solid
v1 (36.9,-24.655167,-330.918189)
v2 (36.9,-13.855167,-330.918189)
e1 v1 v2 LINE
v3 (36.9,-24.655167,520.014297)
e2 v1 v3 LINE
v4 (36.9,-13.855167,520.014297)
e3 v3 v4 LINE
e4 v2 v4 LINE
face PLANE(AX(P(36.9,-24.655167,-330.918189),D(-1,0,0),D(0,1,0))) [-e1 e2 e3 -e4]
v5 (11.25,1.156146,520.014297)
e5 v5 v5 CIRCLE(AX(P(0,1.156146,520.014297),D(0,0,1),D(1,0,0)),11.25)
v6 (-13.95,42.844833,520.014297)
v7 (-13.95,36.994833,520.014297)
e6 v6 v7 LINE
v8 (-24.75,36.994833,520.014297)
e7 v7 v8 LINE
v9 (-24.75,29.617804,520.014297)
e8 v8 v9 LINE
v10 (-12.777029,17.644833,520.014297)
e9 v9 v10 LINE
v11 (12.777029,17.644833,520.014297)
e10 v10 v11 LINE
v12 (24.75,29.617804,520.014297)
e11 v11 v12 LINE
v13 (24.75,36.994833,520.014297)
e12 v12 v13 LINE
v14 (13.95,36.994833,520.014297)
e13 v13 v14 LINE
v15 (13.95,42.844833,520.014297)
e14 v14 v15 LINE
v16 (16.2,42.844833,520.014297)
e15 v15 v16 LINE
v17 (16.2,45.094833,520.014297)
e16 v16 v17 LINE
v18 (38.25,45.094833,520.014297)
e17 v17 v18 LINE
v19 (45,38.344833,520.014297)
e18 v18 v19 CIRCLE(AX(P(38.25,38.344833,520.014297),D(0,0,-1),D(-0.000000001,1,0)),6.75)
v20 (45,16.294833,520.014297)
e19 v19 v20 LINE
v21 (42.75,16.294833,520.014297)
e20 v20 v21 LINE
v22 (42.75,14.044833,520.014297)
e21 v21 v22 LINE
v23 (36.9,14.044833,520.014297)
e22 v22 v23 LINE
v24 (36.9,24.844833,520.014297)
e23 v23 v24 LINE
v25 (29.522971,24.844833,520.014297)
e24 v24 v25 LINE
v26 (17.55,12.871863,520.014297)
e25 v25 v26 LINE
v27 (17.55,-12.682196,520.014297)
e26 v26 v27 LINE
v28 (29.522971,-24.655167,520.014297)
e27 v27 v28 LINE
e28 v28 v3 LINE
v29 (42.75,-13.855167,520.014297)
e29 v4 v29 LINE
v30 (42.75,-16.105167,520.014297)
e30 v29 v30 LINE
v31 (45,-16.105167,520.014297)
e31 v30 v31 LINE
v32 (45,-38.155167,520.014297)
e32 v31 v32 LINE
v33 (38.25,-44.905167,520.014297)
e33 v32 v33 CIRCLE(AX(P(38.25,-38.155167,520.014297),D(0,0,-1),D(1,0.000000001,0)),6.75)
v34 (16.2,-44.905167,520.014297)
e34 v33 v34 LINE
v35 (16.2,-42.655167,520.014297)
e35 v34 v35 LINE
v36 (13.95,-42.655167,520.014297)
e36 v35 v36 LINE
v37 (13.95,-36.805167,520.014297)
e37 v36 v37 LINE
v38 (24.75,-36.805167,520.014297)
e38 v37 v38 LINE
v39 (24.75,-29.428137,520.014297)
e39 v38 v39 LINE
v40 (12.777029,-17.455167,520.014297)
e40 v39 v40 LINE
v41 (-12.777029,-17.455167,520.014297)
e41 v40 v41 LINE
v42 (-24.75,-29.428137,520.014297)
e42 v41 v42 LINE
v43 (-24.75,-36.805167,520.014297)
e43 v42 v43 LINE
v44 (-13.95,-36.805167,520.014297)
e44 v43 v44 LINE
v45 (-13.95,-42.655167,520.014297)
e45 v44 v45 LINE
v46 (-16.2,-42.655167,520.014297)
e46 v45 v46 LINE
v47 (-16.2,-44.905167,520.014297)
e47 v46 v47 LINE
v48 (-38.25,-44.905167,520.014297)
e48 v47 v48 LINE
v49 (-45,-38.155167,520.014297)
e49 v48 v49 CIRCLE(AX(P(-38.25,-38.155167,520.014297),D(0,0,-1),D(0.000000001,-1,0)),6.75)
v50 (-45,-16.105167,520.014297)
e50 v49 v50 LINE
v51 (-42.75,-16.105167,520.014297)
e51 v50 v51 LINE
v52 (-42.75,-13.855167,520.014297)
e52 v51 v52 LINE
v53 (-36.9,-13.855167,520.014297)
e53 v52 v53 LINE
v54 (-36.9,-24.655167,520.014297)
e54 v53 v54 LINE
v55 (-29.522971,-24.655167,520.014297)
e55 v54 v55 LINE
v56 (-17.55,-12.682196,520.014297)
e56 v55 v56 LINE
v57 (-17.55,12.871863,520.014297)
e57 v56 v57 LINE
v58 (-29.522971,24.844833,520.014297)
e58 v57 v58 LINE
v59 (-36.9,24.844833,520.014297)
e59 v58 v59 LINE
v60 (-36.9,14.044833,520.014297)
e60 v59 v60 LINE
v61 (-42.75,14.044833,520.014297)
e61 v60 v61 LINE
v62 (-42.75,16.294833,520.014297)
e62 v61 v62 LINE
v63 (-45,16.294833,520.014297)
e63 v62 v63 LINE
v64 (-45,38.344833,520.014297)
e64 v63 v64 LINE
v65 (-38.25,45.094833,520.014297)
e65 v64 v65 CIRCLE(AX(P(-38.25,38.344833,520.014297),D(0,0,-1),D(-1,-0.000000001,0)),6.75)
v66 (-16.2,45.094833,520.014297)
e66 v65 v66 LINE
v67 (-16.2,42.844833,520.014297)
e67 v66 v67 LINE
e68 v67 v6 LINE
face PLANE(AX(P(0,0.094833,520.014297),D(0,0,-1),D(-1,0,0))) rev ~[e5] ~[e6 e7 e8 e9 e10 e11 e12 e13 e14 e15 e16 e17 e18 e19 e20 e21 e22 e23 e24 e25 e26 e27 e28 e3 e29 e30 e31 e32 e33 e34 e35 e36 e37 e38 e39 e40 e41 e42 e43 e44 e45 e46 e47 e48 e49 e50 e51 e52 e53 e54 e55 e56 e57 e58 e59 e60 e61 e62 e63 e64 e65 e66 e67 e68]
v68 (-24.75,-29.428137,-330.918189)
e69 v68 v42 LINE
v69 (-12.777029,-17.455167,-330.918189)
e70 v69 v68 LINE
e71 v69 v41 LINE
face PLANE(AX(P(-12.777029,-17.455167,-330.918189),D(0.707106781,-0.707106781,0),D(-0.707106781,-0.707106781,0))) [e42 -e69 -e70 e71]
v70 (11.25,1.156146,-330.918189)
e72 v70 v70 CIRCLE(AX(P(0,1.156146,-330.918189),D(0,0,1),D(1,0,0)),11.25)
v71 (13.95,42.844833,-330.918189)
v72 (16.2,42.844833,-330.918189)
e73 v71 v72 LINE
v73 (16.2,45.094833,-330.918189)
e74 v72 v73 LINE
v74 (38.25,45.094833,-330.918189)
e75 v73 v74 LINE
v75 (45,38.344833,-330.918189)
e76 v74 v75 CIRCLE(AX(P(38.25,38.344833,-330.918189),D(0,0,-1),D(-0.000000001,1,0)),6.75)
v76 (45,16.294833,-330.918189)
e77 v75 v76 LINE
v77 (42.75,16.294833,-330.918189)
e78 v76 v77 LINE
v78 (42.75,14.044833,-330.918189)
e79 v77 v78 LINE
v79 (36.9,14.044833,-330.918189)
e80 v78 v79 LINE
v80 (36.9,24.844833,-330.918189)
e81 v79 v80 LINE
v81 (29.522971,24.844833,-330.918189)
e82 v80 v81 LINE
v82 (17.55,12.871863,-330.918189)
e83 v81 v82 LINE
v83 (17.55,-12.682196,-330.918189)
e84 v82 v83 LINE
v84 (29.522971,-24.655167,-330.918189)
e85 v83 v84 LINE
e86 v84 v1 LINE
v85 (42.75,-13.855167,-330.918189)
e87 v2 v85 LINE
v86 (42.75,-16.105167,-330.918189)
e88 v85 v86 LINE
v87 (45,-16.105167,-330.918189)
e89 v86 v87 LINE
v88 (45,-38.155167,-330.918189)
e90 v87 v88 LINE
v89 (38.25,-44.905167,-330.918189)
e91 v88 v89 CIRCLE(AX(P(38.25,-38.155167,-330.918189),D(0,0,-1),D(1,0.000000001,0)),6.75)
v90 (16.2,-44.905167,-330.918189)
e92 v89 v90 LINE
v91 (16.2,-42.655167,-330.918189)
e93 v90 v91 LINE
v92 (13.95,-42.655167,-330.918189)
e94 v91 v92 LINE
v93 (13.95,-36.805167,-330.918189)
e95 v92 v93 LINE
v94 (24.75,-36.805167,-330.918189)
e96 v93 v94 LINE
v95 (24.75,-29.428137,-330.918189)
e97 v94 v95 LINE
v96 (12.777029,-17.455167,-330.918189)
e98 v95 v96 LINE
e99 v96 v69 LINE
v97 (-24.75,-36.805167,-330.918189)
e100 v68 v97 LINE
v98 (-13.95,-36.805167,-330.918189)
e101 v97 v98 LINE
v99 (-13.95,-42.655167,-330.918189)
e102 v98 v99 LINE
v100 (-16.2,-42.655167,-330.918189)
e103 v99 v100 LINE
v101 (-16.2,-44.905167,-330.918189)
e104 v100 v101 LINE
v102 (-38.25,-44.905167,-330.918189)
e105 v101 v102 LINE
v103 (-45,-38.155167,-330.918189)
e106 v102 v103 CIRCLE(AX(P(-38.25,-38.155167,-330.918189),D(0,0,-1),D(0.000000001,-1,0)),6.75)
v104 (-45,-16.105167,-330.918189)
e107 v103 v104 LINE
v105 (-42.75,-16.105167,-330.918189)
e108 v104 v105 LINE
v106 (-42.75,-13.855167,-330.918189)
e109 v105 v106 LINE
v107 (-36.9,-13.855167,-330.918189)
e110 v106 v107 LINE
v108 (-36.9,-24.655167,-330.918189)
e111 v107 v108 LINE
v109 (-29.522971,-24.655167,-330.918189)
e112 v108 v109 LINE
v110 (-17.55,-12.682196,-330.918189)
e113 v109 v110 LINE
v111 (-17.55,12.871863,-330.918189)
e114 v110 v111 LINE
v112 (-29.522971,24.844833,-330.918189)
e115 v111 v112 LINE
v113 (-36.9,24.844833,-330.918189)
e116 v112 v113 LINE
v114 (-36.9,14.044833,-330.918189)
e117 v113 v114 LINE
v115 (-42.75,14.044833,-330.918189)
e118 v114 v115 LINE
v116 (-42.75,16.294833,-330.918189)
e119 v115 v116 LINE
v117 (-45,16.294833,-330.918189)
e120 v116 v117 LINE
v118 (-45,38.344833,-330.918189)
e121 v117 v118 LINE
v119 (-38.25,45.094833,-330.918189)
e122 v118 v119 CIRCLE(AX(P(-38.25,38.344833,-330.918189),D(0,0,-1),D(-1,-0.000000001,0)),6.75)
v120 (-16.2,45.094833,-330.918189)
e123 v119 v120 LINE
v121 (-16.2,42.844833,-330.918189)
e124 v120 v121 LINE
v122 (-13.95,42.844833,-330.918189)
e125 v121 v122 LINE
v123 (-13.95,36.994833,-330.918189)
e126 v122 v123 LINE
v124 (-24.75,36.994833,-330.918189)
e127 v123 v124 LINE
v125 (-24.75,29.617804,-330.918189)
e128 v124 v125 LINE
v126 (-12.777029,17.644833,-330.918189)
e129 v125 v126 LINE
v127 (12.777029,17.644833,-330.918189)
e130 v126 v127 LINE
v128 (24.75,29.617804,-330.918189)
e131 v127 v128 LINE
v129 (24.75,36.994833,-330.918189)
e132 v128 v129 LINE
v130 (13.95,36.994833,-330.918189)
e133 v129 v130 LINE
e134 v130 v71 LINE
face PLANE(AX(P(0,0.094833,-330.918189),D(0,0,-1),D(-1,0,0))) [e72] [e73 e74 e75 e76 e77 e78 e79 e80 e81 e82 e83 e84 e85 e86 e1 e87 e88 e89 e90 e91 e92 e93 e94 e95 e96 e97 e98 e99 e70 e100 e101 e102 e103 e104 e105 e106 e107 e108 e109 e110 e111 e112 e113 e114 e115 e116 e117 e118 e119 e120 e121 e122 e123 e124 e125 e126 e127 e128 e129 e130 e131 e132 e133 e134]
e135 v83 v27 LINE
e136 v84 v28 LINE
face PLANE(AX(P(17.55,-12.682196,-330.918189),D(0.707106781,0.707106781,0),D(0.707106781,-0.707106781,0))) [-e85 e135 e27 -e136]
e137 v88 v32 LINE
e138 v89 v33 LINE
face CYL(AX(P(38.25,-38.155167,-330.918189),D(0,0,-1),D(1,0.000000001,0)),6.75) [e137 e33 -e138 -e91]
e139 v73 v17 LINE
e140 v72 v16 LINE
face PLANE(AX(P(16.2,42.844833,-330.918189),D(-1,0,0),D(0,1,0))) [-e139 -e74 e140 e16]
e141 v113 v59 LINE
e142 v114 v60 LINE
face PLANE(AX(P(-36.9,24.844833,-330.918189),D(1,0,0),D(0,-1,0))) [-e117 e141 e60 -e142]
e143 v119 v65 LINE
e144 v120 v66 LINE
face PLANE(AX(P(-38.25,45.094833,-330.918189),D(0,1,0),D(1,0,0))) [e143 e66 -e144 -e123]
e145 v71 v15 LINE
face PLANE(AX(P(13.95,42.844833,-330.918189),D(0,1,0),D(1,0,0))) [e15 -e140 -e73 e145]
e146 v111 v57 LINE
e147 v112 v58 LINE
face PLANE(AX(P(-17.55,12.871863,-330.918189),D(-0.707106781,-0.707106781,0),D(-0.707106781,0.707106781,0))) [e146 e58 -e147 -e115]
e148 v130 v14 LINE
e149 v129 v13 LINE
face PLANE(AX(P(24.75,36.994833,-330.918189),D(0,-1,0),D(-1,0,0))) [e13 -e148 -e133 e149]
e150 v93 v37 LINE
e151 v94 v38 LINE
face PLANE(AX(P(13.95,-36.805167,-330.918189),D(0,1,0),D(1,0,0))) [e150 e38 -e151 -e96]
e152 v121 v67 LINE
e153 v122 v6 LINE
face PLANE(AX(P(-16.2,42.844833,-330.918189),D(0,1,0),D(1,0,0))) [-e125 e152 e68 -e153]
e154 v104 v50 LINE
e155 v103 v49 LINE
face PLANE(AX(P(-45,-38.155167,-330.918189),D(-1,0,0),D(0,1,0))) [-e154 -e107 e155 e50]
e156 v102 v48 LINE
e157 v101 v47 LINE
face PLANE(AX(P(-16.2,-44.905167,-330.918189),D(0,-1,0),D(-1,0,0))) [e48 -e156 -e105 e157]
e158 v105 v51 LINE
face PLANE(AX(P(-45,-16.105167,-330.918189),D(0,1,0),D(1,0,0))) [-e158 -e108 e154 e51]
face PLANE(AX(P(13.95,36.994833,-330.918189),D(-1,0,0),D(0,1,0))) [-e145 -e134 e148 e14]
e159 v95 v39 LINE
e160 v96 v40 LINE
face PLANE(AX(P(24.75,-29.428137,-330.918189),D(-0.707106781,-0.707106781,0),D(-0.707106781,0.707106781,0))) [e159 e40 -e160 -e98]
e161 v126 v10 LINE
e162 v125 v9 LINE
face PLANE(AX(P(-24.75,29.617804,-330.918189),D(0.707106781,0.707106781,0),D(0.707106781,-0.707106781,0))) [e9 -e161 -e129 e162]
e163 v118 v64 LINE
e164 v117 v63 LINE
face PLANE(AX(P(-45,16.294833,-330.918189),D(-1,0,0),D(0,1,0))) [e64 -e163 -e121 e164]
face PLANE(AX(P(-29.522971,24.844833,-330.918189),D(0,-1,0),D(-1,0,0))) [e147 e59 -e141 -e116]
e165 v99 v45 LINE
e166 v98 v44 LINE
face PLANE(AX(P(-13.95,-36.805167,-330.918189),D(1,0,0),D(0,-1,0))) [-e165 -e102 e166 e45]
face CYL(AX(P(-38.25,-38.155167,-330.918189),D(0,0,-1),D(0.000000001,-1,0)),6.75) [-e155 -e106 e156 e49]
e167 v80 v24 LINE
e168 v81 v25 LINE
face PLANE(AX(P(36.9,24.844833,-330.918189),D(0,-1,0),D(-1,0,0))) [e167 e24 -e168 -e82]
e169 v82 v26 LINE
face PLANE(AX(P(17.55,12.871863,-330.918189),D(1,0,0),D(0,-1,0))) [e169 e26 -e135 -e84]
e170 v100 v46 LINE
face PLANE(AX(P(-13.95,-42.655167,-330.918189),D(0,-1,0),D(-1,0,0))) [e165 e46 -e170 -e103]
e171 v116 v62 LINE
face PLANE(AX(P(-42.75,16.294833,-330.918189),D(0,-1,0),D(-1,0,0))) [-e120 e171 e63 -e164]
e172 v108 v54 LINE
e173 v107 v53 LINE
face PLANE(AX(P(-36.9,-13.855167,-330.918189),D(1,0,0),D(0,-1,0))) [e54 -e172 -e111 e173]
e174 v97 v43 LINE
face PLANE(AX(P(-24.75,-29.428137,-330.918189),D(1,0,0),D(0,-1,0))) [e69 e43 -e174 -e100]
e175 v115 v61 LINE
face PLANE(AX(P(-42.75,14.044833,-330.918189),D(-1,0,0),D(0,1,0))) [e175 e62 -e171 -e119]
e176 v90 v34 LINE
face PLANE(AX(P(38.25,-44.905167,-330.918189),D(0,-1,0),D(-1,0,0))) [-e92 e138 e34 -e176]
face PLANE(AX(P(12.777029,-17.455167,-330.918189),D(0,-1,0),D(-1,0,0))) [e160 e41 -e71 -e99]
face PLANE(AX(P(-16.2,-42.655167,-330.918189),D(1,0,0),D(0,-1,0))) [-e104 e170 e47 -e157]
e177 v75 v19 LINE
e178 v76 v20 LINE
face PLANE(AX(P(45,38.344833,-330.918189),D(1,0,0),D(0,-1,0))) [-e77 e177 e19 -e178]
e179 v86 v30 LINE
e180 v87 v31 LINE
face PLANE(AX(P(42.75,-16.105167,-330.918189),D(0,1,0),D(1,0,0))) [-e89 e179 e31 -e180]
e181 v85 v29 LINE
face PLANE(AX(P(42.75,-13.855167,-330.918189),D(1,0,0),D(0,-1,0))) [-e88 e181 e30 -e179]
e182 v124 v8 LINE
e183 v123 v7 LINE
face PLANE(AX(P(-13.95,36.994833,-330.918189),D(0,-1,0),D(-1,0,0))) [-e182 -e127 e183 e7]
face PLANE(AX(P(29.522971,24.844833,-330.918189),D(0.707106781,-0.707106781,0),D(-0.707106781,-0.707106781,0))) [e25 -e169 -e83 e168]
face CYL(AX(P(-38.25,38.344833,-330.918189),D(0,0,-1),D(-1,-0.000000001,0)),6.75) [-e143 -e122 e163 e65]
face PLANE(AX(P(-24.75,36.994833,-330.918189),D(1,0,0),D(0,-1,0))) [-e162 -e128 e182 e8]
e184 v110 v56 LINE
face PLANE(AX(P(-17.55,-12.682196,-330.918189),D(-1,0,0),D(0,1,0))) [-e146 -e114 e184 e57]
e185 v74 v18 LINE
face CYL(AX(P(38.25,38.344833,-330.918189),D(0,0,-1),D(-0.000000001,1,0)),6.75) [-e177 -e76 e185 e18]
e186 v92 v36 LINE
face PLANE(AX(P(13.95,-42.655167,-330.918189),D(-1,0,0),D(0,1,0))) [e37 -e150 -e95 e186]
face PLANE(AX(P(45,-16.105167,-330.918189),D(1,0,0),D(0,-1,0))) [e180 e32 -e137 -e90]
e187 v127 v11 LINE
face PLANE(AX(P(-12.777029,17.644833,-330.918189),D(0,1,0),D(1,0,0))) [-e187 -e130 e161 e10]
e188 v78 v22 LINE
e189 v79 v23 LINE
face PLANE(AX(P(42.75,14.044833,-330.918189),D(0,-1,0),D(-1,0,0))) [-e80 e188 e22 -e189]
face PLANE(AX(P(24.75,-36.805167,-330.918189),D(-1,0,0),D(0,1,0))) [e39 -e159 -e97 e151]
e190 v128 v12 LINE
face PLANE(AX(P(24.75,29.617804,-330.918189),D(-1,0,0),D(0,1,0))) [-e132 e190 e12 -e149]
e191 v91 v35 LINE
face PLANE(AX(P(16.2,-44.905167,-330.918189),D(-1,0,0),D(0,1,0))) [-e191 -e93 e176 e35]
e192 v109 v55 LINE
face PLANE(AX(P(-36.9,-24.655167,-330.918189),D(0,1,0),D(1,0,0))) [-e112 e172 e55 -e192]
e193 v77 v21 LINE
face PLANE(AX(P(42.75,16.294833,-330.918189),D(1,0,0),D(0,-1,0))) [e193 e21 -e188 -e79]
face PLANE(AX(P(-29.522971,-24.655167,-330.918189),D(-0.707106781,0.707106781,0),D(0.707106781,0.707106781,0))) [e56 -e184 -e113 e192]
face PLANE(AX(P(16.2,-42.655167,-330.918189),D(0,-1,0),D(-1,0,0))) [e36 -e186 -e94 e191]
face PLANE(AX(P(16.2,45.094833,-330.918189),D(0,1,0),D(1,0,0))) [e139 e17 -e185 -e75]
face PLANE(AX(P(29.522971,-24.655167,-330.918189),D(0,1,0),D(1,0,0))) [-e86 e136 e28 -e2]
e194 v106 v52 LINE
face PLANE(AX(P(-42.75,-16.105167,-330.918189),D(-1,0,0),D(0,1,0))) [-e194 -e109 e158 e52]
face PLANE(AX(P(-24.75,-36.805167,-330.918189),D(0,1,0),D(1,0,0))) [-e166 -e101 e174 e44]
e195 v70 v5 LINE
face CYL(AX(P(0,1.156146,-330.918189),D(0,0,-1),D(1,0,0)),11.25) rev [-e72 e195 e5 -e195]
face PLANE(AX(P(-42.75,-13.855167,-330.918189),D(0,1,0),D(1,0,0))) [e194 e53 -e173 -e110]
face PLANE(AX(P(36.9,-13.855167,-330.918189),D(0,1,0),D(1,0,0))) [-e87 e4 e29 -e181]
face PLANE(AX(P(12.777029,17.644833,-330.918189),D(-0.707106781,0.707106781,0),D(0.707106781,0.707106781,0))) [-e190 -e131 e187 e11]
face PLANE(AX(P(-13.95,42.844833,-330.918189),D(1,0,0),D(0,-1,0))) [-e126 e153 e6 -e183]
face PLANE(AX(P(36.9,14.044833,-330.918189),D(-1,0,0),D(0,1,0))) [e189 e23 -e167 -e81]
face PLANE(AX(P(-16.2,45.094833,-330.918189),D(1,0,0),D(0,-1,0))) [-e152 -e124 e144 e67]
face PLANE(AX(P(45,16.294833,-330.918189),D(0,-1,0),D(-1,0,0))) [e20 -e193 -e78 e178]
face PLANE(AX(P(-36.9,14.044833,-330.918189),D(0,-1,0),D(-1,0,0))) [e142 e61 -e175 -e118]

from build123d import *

# Parameters (mm, degrees)
SKETCH1_R           = 2.5
BOSS_EXTRUDE1_DEPTH = 189.096108091
SCALE_2_SCALE       = 3
SCALE_3_SCALE       = 6
SCALE_5_SCALE       = 2
SCALE_6_SCALE       = 0.25
SCALE_7_SCALE       = 0.125
SCALE_8_SCALE       = 0.25
SCALE_9_SCALE       = 4
SCALE_10_SCALE      = 4


with BuildPart() as part:
    # Sketch1 → Boss-Extrude1 (new body)
    with BuildSketch(Plane.XY):
        with BuildLine():
            Line((2.839339828, 3.9), (5.5, 6.560660172))
            Line((5.5, 6.560660172), (5.5, 8.2))
            Line((5.5, 8.2), (3.1, 8.2))
            Line((3.1, 8.2), (3.1, 9.5))
            Line((3.1, 9.5), (3.6, 9.5))
            Line((3.6, 9.5), (3.6, 10))
            Line((3.6, 10), (8.5, 10))
            ThreePointArc((8.5, 10), (9.560660172, 9.560660172), (10, 8.5))
            Line((10, 8.5), (10, 3.6))
            Line((10, 3.6), (9.5, 3.6))
            Line((9.5, 3.6), (9.5, 3.1))
            Line((9.5, 3.1), (8.2, 3.1))
            Line((8.2, 3.1), (8.2, 5.5))
            Line((8.2, 5.5), (6.560660172, 5.5))
            Line((6.560660172, 5.5), (3.9, 2.839339828))
            Line((3.9, 2.839339828), (3.9, -2.839339828))
            Line((3.9, -2.839339828), (6.560660172, -5.5))
            Line((6.560660172, -5.5), (8.2, -5.5))
            Line((8.2, -5.5), (8.2, -3.1))
            Line((8.2, -3.1), (9.5, -3.1))
            Line((9.5, -3.1), (9.5, -3.6))
            Line((9.5, -3.6), (10, -3.6))
            Line((10, -3.6), (10, -8.5))
            ThreePointArc((10, -8.5), (9.560660172, -9.560660172), (8.5, -10))
            Line((8.5, -10), (3.6, -10))
            Line((3.6, -10), (3.6, -9.5))
            Line((3.6, -9.5), (3.1, -9.5))
            Line((3.1, -9.5), (3.1, -8.2))
            Line((3.1, -8.2), (5.5, -8.2))
            Line((5.5, -8.2), (5.5, -6.560660172))
            Line((5.5, -6.560660172), (2.839339828, -3.9))
            Line((2.839339828, -3.9), (-2.839339828, -3.9))
            Line((-2.839339828, -3.9), (-5.5, -6.560660172))
            Line((-5.5, -6.560660172), (-5.5, -8.2))
            Line((-5.5, -8.2), (-3.1, -8.2))
            Line((-3.1, -8.2), (-3.1, -9.5))
            Line((-3.1, -9.5), (-3.6, -9.5))
            Line((-3.6, -9.5), (-3.6, -10))
            Line((-3.6, -10), (-8.5, -10))
            ThreePointArc((-8.5, -10), (-9.560660172, -9.560660172), (-10, -8.5))
            Line((-10, -8.5), (-10, -3.6))
            Line((-10, -3.6), (-9.5, -3.6))
            Line((-9.5, -3.6), (-9.5, -3.1))
            Line((-9.5, -3.1), (-8.2, -3.1))
            Line((-8.2, -3.1), (-8.2, -5.5))
            Line((-8.2, -5.5), (-6.560660172, -5.5))
            Line((-6.560660172, -5.5), (-3.9, -2.839339828))
            Line((-3.9, -2.839339828), (-3.9, 2.839339828))
            Line((-3.9, 2.839339828), (-6.560660172, 5.5))
            Line((-6.560660172, 5.5), (-8.2, 5.5))
            Line((-8.2, 5.5), (-8.2, 3.1))
            Line((-8.2, 3.1), (-9.5, 3.1))
            Line((-9.5, 3.1), (-9.5, 3.6))
            Line((-9.5, 3.6), (-10, 3.6))
            Line((-10, 3.6), (-10, 8.5))
            ThreePointArc((-10, 8.5), (-9.560660172, 9.560660172), (-8.5, 10))
            Line((-8.5, 10), (-3.6, 10))
            Line((-3.6, 10), (-3.6, 9.5))
            Line((-3.6, 9.5), (-3.1, 9.5))
            Line((-3.1, 9.5), (-3.1, 8.2))
            Line((-3.1, 8.2), (-5.5, 8.2))
            Line((-5.5, 8.2), (-5.5, 6.560660172))
            Line((-5.5, 6.560660172), (-2.839339828, 3.9))
            Line((-2.839339828, 3.9), (2.839339828, 3.9))
        make_face()
        with Locations((0, 0.235847297)):
            Circle(SKETCH1_R, mode=Mode.SUBTRACT)
    extrude(amount=BOSS_EXTRUDE1_DEPTH)


with BuildPart() as part_1:
    # 缩放比例2: scaled about (0, -0.027095247, 94.548054046)
    add(part.part.scale(SCALE_2_SCALE).moved(Location((0, 0.054190494, -189.096108092))))


with BuildPart() as part_2:
    # 缩放比例3: scaled about (0, -0.027095247, 94.548054045)
    add(part_1.part.scale(SCALE_3_SCALE).moved(Location((0, 0.135476235, -472.740270225))))


with BuildPart() as part_3:
    # 缩放比例5: scaled about (0, -0.027095249, 94.548054043)
    add(part_2.part.scale(SCALE_5_SCALE).moved(Location((0, 0.027095249, -94.548054043))))


with BuildPart() as part_4:
    # 缩放比例6: scaled about (0, -0.027095249, 94.548054044)
    add(part_3.part.scale(SCALE_6_SCALE).moved(Location((0, -0.020321437, 70.911040533))))


with BuildPart() as part_5:
    # 缩放比例7: scaled about (0, -0.027095249, 94.548054044)
    add(part_4.part.scale(SCALE_7_SCALE).moved(Location((0, -0.023708343, 82.729547289))))


with BuildPart() as part_6:
    # 缩放比例8: scaled about (0, -0.027095249, 94.548054044)
    add(part_5.part.scale(SCALE_8_SCALE).moved(Location((0, -0.020321437, 70.911040533))))


with BuildPart() as part_7:
    # 缩放比例9: scaled about (0, -0.027095249, 94.548054044)
    add(part_6.part.scale(SCALE_9_SCALE).moved(Location((0, 0.081285747, -283.644162132))))


with BuildPart() as part_8:
    # 缩放比例10: scaled about (0, -0.027095249, 94.548054044)
    add(part_7.part.scale(SCALE_10_SCALE).moved(Location((0, 0.081285747, -283.644162132))))


solid = part_8.part
